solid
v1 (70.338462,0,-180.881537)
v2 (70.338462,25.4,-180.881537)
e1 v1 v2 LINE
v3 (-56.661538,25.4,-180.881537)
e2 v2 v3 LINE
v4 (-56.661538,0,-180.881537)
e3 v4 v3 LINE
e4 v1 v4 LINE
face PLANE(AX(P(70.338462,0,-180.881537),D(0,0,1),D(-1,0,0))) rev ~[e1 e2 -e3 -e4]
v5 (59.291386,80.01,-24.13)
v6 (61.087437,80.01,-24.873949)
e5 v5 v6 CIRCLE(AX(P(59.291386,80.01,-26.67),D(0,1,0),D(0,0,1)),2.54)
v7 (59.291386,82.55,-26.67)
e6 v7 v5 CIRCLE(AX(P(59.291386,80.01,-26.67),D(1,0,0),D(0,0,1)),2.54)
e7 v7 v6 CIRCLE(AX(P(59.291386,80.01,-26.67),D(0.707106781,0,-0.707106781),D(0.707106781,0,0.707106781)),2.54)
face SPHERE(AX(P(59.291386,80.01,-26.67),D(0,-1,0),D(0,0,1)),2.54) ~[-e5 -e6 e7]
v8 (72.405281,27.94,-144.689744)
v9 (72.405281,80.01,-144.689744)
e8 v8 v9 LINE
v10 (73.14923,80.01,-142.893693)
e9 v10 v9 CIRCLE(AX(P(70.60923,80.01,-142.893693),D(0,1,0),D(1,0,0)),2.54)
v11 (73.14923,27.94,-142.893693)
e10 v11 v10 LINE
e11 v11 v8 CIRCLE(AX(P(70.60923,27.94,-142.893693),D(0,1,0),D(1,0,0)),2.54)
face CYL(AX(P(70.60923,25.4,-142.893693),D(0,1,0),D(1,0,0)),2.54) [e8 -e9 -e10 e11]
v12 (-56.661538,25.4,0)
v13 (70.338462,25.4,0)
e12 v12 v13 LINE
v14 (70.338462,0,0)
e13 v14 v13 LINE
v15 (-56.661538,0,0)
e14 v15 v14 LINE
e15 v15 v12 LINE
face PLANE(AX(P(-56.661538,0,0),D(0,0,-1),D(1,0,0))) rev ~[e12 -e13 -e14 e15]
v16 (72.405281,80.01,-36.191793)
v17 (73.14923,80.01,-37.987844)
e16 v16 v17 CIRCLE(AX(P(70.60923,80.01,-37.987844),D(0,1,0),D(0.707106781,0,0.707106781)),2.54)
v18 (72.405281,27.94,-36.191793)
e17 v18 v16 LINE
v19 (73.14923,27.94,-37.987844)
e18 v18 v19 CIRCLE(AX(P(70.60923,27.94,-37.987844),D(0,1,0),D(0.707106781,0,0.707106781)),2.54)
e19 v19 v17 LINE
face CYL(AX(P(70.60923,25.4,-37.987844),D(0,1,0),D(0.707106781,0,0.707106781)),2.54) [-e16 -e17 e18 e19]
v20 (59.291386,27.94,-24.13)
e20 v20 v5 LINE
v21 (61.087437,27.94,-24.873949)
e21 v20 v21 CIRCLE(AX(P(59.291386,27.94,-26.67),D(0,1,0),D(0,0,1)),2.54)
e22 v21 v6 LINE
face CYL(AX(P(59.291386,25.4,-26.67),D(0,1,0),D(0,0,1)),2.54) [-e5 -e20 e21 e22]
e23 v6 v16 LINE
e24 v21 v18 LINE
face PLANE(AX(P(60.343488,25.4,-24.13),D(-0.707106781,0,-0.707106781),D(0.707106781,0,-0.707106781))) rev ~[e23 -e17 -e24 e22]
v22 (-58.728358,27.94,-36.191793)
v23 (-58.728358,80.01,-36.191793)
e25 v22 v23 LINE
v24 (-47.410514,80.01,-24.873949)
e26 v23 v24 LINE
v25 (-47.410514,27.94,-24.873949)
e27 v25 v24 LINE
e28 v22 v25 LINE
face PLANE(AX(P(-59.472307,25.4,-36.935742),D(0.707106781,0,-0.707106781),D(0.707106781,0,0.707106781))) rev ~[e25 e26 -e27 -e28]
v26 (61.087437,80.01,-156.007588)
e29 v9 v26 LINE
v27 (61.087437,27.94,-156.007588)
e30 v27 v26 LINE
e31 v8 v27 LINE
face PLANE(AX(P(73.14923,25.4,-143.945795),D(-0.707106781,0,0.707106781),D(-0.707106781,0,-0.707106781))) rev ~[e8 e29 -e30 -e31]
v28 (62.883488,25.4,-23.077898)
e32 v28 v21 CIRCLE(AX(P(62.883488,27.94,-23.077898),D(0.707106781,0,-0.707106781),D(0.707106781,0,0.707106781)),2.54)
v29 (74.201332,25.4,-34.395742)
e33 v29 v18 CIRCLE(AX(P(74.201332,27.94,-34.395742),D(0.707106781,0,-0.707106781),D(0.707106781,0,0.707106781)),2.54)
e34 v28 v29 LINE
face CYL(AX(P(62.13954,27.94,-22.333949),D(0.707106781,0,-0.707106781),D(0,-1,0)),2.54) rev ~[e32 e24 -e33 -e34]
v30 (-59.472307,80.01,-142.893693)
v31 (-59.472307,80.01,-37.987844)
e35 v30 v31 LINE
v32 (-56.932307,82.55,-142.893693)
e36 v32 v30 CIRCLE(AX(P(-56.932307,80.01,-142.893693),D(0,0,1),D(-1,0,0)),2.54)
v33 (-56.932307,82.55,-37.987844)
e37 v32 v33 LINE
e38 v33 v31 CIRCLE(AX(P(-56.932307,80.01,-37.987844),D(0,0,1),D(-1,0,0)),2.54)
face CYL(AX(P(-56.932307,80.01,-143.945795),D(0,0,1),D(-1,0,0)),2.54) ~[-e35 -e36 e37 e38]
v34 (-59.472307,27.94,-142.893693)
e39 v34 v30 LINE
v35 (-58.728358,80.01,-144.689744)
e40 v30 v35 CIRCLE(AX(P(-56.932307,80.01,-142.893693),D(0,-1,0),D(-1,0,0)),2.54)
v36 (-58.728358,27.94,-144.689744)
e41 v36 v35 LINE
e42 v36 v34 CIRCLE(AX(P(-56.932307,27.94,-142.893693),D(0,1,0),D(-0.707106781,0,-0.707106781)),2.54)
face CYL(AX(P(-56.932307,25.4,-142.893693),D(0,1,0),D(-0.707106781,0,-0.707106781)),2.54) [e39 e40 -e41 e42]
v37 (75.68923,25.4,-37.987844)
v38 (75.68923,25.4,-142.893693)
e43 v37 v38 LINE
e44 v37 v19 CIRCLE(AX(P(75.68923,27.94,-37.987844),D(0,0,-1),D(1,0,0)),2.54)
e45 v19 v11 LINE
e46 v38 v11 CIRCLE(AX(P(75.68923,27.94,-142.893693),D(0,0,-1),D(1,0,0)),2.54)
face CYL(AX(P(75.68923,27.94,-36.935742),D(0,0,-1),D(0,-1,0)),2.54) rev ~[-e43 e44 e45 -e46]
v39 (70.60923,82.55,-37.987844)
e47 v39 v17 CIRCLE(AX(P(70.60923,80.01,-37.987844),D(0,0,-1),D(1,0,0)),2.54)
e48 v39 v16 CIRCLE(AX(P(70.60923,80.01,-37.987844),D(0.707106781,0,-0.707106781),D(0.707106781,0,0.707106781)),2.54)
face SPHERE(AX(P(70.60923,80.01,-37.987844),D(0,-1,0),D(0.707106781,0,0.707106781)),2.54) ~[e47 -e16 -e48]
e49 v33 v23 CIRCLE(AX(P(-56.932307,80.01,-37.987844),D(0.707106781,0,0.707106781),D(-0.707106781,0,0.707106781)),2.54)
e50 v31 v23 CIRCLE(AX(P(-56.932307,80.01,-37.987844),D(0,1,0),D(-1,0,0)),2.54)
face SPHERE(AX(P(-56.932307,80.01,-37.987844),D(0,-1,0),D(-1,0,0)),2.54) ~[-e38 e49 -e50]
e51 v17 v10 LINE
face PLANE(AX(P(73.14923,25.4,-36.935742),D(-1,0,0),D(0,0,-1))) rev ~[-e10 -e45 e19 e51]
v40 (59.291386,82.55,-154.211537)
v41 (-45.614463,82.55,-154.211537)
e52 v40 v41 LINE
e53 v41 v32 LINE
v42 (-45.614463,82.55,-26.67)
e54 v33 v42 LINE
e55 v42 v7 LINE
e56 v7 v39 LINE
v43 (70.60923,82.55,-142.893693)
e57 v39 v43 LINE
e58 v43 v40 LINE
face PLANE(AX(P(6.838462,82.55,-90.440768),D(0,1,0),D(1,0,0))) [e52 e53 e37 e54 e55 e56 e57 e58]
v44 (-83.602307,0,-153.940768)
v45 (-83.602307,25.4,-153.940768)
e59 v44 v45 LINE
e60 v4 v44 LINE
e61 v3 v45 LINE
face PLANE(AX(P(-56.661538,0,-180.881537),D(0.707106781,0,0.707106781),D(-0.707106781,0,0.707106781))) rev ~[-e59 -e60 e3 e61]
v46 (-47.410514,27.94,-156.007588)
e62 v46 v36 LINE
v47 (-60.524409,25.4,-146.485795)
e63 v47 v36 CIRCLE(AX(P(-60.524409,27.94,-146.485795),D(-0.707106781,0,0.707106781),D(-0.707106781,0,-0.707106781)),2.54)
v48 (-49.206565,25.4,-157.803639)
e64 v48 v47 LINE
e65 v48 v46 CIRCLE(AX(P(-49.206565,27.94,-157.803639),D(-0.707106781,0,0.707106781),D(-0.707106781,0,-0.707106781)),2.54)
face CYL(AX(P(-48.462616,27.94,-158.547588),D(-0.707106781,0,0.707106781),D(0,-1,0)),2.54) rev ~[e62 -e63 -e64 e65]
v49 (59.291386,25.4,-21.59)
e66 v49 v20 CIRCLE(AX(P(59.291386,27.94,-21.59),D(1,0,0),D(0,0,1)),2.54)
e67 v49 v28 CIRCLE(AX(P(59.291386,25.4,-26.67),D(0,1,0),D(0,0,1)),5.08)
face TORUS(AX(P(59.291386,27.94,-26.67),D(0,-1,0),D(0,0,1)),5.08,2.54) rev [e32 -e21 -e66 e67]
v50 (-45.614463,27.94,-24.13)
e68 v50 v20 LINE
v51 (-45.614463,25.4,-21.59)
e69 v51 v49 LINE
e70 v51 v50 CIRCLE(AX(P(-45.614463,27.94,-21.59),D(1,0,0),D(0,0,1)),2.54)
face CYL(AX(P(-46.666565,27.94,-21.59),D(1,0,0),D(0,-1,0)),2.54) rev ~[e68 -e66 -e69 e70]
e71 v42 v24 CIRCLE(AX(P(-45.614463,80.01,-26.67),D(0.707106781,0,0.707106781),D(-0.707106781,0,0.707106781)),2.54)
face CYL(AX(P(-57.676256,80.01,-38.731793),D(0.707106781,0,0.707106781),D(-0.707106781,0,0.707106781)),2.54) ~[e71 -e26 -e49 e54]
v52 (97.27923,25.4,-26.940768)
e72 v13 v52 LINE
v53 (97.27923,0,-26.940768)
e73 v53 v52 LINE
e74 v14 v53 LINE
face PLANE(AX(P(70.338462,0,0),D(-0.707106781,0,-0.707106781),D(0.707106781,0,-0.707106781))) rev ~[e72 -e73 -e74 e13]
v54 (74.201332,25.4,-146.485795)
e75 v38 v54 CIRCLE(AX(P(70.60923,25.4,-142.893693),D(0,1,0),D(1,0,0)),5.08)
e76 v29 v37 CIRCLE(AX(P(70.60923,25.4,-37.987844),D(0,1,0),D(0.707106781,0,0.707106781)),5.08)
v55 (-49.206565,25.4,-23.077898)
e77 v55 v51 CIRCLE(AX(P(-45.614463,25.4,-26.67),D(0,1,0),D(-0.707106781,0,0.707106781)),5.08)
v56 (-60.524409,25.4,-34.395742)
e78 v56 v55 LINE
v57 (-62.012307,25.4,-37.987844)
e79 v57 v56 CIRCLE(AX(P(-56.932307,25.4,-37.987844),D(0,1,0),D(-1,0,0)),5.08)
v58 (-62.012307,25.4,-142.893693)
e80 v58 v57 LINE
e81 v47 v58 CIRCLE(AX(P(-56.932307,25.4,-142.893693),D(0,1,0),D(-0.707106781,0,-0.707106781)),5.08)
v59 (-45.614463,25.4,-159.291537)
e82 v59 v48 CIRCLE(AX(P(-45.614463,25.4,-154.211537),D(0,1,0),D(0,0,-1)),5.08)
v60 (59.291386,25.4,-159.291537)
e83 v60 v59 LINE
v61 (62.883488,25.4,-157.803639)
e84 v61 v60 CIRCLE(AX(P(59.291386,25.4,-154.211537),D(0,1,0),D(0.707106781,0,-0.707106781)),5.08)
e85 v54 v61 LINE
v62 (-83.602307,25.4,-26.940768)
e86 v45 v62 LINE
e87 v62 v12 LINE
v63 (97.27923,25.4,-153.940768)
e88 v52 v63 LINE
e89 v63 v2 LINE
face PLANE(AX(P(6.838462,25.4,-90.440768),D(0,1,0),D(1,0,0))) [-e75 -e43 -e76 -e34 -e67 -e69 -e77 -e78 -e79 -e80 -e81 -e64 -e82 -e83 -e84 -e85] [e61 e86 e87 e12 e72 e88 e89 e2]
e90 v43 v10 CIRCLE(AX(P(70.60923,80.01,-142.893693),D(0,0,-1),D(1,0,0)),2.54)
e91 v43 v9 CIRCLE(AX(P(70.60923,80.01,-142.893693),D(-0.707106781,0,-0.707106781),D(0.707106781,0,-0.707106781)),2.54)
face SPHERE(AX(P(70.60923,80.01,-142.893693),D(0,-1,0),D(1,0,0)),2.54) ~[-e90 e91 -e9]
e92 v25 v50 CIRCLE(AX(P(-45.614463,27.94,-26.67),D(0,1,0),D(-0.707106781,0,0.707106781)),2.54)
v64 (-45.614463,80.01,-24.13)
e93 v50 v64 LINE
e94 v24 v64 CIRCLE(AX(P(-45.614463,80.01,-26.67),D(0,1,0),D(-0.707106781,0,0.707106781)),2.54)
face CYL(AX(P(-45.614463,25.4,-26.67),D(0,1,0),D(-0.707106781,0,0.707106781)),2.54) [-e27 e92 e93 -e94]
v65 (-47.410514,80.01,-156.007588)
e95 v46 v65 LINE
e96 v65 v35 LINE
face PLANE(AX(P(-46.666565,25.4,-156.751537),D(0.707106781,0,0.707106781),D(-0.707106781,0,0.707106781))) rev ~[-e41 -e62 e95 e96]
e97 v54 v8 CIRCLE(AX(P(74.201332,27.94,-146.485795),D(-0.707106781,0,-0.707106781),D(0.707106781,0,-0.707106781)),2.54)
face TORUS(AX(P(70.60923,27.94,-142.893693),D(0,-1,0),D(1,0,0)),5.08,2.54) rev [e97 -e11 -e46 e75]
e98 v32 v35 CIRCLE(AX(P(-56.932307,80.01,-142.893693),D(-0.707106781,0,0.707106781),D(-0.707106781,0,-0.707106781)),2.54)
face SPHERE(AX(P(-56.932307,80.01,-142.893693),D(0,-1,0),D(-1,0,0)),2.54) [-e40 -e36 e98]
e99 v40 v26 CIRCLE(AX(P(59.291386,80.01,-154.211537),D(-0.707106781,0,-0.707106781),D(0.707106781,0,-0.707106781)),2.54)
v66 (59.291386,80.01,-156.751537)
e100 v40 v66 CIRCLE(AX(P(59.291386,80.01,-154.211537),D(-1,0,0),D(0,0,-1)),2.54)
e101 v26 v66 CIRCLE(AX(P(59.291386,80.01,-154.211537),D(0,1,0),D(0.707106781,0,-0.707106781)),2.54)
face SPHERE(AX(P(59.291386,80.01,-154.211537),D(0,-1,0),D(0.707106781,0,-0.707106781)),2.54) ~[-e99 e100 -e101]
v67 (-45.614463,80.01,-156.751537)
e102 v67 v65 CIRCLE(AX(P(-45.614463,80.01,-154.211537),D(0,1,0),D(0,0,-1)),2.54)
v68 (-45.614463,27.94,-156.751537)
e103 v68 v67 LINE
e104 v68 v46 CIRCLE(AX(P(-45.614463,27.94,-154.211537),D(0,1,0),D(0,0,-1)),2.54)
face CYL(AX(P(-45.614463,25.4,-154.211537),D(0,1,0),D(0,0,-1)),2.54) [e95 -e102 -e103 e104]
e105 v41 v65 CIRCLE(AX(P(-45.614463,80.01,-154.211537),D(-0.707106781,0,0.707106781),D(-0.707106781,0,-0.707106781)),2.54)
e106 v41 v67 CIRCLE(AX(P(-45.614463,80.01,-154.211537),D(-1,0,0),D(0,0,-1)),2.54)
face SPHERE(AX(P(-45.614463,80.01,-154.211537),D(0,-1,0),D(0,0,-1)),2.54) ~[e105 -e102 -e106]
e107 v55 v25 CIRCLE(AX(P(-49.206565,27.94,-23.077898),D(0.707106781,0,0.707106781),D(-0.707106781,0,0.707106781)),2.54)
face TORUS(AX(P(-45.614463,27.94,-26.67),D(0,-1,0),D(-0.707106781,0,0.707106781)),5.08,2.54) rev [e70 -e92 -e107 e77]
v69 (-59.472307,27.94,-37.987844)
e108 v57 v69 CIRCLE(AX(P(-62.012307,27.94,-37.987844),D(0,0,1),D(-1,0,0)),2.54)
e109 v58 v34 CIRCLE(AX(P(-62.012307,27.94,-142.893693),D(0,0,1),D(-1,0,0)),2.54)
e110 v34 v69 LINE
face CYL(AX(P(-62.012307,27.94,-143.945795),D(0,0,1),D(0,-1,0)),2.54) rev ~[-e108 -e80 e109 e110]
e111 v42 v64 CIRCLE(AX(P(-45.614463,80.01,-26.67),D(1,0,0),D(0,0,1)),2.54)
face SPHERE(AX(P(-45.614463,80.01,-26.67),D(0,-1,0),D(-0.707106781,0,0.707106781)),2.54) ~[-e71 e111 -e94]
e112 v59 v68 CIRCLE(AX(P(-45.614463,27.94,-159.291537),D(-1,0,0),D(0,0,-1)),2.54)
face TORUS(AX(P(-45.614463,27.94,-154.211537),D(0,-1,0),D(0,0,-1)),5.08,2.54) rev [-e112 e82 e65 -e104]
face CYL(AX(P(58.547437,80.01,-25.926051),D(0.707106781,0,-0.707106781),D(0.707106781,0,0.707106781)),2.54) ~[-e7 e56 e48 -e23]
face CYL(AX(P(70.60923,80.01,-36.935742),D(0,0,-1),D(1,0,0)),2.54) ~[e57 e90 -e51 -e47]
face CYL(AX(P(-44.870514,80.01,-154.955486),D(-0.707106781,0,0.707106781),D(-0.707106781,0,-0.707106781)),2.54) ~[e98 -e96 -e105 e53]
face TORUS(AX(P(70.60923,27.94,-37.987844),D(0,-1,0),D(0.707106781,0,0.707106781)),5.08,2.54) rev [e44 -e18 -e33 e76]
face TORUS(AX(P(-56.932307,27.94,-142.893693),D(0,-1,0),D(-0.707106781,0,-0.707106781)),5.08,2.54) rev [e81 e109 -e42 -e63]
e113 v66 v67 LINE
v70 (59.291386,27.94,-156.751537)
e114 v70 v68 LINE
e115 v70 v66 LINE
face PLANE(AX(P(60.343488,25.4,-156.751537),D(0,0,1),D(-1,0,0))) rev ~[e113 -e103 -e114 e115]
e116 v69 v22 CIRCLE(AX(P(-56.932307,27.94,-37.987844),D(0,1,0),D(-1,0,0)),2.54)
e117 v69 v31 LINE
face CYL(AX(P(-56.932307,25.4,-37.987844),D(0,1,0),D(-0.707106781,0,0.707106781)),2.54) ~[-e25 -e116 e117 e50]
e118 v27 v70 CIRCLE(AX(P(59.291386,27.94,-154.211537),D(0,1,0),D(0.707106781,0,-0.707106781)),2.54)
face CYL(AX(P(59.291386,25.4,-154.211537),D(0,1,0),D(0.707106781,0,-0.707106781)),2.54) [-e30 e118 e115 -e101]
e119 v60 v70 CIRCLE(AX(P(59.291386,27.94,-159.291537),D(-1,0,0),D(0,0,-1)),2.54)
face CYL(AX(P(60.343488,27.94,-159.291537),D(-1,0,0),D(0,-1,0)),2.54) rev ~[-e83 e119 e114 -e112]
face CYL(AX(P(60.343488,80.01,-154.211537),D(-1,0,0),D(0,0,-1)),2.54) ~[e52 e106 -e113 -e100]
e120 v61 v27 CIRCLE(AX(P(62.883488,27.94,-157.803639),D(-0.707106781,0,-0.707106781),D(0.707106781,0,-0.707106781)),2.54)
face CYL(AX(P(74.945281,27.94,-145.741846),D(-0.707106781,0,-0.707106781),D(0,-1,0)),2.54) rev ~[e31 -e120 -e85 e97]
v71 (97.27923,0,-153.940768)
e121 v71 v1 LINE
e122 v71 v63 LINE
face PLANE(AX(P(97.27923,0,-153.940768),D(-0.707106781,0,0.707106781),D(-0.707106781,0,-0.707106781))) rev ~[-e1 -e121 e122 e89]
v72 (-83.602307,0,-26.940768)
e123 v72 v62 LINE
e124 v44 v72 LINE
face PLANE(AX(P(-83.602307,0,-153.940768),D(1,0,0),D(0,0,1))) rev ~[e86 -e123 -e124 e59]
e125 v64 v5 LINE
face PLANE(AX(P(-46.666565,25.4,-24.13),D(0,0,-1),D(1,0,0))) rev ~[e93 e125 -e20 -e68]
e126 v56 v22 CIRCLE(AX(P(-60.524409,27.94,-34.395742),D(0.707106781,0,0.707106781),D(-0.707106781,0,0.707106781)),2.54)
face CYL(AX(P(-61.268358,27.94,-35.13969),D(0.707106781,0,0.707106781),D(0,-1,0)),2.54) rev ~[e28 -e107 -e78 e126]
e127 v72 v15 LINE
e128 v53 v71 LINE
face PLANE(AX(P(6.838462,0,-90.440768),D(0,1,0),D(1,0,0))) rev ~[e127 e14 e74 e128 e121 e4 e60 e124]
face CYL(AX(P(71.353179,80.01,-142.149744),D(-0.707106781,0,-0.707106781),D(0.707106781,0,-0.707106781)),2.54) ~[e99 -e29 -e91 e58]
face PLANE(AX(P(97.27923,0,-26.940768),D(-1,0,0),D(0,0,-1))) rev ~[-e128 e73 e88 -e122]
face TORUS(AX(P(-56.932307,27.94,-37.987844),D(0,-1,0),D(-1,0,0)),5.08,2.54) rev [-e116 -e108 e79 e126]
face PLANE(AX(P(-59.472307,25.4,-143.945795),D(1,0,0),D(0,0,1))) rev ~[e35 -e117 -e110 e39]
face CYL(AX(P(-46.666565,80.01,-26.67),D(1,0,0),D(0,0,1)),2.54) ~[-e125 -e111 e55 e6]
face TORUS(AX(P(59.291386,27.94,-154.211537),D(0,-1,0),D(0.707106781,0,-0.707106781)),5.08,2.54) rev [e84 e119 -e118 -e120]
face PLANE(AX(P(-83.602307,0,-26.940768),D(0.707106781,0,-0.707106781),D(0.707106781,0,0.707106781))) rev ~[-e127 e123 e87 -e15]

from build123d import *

# Parameters (mm, degrees)
BOSS_EXTRUDE1_DEPTH = 25.4
BOSS_EXTRUDE2_DEPTH = 57.15
FILLET1_R           = 2.54


with BuildPart() as part:
    # Sketch2 → Boss-Extrude1 (new body)
    with BuildSketch(Plane(origin=(0, 0, 0), x_dir=(1, 0, 0), z_dir=(0, 1, 0))):
        Polygon((-56.661538462, 0), (70.338461538, 0), (97.279229902, 26.940768363), (97.279229902, 153.940768363), (70.338461538, 180.881536726), (-56.661538462, 180.881536726), (-83.602306825, 153.940768363), (-83.602306825, 26.940768363), align=None)
    extrude(amount=BOSS_EXTRUDE1_DEPTH)

    # Sketch3 → Boss-Extrude2 (add)
    with BuildSketch(Plane(origin=(0, 25.4, 0), x_dir=(1, 0, 0), z_dir=(0, 1, 0))):
        Polygon((-59.472306825, 36.935741623), (-46.666565201, 24.13), (60.343488278, 24.13), (73.149229902, 36.935741623), (73.149229902, 143.945795103), (60.343488278, 156.751536726), (-46.666565201, 156.751536726), (-59.472306825, 143.945795103), align=None)
    extrude(amount=BOSS_EXTRUDE2_DEPTH)

    # Fillet1
    fillet1_edges = [part.edges().sort_by_distance(p)[0] for p in [
        (-59.472306825, 25.4, -90.440768363),
        (-59.472306825, 53.975, -143.945795103),
        (-53.069436013, 25.4, -30.532870812),
        (-59.472306825, 53.975, -36.935741623),
        (6.838461538, 25.4, -24.13),
        (-46.666565201, 53.975, -24.13),
        (66.74635909, 25.4, -30.532870812),
        (60.343488278, 53.975, -24.13),
        (73.149229902, 25.4, -90.440768363),
        (73.149229902, 53.975, -36.935741623),
        (66.74635909, 25.4, -150.348665915),
        (73.149229902, 53.975, -143.945795103),
        (6.838461538, 25.4, -156.751536726),
        (60.343488278, 53.975, -156.751536726),
        (-53.069436013, 25.4, -150.348665915),
        (-46.666565201, 53.975, -156.751536726),
        (-59.472306825, 82.55, -90.440768363),
        (-53.069436013, 82.55, -30.532870812),
        (6.838461538, 82.55, -24.13),
        (66.74635909, 82.55, -30.532870812),
        (73.149229902, 82.55, -90.440768363),
        (66.74635909, 82.55, -150.348665915),
        (6.838461538, 82.55, -156.751536726),
        (-53.069436013, 82.55, -150.348665915),
    ]]
    fillet(fillet1_edges, radius=FILLET1_R)


solid = part.part
